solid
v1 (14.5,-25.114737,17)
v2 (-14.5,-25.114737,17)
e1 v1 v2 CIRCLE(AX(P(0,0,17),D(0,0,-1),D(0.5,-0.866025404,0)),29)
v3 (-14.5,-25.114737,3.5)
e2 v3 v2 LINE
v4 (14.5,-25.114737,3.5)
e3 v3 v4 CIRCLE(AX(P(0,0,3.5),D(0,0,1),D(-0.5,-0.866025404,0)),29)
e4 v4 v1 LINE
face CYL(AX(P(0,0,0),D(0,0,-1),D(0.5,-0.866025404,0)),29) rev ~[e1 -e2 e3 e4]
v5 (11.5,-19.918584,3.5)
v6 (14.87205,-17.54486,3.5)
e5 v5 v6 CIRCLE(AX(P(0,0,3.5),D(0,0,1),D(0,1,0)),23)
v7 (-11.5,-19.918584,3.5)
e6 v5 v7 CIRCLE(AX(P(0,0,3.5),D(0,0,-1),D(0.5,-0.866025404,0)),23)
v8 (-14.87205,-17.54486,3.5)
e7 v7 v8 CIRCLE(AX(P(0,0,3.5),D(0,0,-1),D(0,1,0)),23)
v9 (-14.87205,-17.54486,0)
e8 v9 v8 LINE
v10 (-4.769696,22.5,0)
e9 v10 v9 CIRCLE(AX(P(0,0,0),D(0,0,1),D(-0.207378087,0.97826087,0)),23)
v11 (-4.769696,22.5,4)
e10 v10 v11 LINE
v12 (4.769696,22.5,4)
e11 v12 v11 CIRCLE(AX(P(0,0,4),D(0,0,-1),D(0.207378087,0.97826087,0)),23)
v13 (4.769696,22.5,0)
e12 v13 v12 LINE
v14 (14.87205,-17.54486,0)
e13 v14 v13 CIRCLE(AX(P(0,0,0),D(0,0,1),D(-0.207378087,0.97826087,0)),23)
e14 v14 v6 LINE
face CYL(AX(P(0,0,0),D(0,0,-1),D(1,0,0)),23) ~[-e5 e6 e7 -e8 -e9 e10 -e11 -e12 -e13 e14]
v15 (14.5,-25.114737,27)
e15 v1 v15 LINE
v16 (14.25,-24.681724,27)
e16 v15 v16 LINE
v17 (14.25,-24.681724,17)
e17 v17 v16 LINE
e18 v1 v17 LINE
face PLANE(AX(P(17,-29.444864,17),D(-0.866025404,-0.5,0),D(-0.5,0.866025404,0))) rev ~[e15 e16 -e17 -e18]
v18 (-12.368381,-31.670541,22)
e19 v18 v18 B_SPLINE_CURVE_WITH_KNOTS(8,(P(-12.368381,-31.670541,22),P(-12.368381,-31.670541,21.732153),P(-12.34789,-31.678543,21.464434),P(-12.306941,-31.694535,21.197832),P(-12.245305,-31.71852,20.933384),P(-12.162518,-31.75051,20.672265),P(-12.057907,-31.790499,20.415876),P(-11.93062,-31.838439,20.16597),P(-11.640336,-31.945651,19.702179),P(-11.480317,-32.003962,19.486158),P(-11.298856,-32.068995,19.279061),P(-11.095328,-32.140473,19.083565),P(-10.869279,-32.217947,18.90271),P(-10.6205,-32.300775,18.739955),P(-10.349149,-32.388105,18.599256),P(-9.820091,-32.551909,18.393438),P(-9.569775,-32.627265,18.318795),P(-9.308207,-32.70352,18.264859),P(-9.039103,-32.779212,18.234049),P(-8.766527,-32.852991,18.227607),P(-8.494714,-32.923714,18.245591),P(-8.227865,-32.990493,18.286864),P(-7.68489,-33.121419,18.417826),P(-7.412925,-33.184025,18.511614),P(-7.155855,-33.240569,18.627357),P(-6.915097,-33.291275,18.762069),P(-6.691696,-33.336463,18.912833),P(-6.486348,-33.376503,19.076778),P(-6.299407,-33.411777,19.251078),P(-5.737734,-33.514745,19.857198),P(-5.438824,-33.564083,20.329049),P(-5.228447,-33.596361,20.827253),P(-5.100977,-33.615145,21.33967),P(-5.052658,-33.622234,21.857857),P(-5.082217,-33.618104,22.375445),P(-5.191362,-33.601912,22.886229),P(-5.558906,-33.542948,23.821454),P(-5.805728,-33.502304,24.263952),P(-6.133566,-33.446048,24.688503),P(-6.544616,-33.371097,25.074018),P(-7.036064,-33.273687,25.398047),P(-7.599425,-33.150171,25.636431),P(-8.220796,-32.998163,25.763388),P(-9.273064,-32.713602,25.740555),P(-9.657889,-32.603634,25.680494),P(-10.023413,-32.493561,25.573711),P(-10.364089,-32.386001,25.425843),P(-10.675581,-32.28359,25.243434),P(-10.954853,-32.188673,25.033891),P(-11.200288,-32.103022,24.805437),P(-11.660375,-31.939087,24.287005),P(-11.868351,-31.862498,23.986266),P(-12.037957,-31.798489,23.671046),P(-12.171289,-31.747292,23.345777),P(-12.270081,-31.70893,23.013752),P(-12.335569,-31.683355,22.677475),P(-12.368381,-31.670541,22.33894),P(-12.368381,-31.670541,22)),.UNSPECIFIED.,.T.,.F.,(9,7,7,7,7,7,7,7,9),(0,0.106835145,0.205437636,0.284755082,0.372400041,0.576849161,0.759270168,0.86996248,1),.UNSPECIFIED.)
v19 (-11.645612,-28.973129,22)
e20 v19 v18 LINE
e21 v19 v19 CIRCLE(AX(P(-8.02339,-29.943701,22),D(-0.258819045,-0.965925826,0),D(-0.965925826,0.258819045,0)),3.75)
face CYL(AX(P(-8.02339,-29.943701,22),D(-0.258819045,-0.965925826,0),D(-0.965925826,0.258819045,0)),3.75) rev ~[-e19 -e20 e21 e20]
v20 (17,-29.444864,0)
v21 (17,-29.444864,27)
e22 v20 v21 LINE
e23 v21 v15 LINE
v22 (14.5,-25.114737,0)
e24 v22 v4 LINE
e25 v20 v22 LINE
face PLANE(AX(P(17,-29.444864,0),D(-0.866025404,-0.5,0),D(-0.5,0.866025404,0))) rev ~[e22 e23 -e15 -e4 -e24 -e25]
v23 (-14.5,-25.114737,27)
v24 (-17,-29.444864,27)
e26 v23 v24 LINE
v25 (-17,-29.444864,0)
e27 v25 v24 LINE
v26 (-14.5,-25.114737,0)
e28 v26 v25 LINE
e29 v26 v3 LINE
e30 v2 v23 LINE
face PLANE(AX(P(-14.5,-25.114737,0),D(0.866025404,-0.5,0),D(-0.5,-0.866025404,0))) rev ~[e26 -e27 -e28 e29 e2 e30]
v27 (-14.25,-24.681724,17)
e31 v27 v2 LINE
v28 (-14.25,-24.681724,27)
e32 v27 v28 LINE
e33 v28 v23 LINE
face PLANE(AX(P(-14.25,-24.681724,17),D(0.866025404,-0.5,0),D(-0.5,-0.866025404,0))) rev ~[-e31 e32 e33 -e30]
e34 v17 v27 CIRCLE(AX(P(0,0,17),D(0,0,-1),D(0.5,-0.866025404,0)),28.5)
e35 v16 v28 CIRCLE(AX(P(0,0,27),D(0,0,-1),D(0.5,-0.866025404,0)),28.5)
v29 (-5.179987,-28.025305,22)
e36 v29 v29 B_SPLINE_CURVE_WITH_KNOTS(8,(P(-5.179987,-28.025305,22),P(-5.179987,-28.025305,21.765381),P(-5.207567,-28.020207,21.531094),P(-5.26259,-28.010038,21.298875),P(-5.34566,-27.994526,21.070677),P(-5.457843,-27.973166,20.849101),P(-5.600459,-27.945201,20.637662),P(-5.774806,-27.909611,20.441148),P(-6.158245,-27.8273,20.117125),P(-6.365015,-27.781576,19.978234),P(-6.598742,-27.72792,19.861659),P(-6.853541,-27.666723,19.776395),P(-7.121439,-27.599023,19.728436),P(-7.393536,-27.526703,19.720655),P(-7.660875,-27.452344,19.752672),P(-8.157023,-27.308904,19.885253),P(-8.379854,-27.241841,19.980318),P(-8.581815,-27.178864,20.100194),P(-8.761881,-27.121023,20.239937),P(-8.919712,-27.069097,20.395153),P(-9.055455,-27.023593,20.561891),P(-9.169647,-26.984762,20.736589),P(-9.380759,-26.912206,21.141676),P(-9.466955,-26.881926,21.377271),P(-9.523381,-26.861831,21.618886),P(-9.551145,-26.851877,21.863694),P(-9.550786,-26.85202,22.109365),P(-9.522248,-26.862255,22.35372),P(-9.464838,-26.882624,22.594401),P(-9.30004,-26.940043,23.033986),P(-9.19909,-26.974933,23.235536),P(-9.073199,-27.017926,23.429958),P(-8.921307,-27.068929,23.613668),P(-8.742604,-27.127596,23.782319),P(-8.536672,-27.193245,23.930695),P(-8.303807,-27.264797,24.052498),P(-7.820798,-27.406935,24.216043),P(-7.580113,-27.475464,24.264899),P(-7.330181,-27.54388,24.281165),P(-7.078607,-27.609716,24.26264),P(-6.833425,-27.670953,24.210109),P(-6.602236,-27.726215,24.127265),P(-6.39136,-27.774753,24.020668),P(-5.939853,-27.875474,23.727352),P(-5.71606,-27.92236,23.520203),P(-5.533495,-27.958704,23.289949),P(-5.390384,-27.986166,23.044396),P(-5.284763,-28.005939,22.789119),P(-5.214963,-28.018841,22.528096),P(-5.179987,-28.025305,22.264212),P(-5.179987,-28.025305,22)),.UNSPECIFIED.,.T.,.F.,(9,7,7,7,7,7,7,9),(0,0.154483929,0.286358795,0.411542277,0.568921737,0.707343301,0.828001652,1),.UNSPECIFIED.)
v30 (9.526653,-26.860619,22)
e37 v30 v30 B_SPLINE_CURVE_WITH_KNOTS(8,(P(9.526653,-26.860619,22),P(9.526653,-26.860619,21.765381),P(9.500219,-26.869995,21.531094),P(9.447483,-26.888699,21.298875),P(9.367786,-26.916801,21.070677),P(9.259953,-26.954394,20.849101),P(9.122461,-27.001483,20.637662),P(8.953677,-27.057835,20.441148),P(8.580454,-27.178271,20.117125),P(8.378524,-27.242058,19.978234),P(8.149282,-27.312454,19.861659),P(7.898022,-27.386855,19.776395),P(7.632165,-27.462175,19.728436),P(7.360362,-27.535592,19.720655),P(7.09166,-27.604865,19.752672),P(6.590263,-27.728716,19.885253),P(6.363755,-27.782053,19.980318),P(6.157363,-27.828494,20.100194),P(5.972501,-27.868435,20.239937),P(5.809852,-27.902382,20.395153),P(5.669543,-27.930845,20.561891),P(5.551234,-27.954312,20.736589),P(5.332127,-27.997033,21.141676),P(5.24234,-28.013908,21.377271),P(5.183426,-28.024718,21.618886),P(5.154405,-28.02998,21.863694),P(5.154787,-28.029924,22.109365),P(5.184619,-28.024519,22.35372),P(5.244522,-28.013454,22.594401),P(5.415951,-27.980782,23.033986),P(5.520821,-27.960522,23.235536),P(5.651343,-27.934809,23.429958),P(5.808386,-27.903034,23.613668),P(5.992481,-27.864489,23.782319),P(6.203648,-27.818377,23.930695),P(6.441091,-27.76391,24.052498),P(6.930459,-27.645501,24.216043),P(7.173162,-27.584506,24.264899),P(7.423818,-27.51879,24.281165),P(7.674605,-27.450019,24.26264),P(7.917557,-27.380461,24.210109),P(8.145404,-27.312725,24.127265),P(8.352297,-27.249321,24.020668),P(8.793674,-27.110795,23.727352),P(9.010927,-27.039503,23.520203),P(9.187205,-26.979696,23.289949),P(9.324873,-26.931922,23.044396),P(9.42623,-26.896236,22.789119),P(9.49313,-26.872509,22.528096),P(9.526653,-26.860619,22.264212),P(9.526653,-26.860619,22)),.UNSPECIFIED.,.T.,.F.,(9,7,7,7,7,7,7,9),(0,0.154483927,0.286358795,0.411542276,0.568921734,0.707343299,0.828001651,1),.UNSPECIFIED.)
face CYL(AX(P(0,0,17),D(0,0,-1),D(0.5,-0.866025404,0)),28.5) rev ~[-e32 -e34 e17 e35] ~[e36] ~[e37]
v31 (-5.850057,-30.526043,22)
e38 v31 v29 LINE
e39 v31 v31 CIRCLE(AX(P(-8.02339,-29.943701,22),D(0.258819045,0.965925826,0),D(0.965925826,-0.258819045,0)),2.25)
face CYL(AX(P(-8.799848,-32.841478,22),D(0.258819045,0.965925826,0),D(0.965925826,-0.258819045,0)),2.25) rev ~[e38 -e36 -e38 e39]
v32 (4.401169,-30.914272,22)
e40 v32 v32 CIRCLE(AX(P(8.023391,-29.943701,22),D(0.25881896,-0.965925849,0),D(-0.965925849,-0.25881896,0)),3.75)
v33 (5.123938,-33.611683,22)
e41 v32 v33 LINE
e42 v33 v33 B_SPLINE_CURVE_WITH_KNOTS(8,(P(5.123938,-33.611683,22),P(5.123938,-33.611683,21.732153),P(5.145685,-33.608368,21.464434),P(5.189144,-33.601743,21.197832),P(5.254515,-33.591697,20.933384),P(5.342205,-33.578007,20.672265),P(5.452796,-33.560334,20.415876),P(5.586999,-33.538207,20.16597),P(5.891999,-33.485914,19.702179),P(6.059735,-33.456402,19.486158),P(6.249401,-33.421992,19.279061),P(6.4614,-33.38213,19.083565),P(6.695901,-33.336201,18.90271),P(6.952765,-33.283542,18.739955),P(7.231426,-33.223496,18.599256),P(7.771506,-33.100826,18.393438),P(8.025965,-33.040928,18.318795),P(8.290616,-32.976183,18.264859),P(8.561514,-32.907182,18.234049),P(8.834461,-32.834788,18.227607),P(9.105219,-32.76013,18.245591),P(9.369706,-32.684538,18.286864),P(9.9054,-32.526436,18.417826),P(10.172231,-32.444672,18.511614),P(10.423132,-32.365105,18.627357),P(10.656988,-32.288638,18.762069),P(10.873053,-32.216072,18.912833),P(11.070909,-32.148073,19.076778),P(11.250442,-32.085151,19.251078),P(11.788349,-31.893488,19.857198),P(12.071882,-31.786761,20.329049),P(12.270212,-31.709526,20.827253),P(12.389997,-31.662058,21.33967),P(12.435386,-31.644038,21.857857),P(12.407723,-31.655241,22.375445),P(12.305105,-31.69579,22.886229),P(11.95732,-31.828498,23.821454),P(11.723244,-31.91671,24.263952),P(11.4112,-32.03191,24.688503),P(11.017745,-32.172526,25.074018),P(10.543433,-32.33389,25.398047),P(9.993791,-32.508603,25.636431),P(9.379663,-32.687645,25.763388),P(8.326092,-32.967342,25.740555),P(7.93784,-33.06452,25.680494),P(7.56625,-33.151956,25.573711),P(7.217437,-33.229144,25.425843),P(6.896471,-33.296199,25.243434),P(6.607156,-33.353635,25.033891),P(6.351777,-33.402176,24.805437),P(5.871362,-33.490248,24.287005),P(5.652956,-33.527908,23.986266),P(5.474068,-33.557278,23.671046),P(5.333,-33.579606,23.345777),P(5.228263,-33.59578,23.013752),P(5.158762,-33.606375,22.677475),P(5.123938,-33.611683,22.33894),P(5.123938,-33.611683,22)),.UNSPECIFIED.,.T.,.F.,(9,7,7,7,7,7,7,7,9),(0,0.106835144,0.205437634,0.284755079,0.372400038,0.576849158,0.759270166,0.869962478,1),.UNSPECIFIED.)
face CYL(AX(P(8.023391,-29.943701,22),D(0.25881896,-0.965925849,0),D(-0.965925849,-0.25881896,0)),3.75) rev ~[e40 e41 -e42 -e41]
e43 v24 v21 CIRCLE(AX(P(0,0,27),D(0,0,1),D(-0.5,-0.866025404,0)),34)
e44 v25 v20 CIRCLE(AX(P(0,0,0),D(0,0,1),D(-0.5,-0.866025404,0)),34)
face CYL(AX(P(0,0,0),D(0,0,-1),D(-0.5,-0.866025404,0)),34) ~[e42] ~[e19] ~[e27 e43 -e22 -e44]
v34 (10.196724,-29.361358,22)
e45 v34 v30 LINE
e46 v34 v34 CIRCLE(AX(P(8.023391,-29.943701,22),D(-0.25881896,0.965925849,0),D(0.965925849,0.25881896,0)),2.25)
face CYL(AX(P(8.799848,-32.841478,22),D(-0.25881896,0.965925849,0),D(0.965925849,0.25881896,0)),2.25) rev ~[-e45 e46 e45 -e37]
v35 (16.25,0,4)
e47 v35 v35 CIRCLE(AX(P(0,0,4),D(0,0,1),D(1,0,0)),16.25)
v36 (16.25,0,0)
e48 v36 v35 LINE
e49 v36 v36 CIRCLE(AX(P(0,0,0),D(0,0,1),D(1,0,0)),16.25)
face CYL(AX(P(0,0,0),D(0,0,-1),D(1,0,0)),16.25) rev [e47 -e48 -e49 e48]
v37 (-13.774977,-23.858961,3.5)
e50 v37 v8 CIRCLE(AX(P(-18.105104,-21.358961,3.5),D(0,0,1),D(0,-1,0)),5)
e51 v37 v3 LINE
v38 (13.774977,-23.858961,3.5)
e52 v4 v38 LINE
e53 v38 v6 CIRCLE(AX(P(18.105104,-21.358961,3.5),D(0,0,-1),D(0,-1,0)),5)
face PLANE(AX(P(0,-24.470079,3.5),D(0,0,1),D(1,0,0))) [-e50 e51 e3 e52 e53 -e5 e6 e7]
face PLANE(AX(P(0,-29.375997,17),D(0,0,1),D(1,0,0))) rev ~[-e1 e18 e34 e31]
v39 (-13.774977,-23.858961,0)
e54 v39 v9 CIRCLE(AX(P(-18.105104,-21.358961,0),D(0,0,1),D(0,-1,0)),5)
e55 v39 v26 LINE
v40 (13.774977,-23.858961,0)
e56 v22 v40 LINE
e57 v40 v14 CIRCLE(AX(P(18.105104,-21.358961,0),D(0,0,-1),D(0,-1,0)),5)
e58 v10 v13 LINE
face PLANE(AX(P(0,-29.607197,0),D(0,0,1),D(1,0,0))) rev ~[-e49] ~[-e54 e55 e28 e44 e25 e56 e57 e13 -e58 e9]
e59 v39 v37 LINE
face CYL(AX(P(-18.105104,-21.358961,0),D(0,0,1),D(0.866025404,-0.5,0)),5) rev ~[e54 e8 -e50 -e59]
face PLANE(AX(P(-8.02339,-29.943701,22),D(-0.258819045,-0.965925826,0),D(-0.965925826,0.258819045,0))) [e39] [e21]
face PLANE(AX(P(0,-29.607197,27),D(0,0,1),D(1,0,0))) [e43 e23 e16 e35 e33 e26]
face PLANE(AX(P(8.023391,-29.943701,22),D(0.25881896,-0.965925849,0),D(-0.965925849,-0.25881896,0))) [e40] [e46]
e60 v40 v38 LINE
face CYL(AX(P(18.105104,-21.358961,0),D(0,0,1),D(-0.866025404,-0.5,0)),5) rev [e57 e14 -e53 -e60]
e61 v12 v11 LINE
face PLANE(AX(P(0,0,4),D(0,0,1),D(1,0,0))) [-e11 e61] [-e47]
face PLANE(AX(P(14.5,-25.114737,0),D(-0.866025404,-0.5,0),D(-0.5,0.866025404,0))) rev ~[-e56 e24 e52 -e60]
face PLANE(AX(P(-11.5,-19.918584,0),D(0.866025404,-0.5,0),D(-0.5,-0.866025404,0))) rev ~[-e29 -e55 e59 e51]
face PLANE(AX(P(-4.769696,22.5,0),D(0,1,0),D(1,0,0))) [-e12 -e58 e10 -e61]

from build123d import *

# Parameters (mm, degrees)
SKETCH_1_R                          = 23
SKETCH_1_R_2                        = 16.25
EXTRUDE_1_DEPTH                     = 4
SKETCH_2_W                          = 9.539392014
SKETCH_2_H                          = 6.996470021
CUT_EXTRUDE_1_DEPTH                 = 14
EXTRUDE_2_DEPTH                     = 3.5
EXTRUDE_3_DEPTH                     = 27
FILLET_1_R                          = 5
EXTRUDE_START                       = -10
EXTRUDE_4_DEPTH                     = 10
HOLE_WIZARD_1_D                     = 4.5
HOLE_WIZARD_1_CBORE_D               = 7.5
HOLE_WIZARD_1_CBORE_DEPTH           = 3
HOLE_WIZARD_1_ON_FACE_2_D           = 4.5
HOLE_WIZARD_1_ON_FACE_2_CBORE_D     = 7.5
HOLE_WIZARD_1_ON_FACE_2_CBORE_DEPTH = 3


with BuildPart() as part:
    # 草图1 → 凸台-拉伸1 (new body)
    with BuildSketch(Plane.XY):
        Circle(SKETCH_1_R)
        Circle(SKETCH_1_R_2, mode=Mode.SUBTRACT)
    extrude(amount=EXTRUDE_1_DEPTH)

    # 草图2 → 切除-拉伸1 (cut)
    with BuildSketch(Plane.XY):
        with Locations((0, 25.998235011)):
            Rectangle(SKETCH_2_W, SKETCH_2_H)
    extrude(amount=CUT_EXTRUDE_1_DEPTH, mode=Mode.SUBTRACT)

    # 草图3 → 凸台-拉伸2 (add)
    with BuildSketch(Plane.XY):
        with BuildLine():
            Line((-11.5, -19.918584287), (-14.5, -25.11473671))
            ThreePointArc((-14.5, -25.11473671), (0, -29), (14.5, -25.11473671))
            Line((14.5, -25.11473671), (11.5, -19.918584287))
            ThreePointArc((11.5, -19.918584287), (0, -23), (-11.5, -19.918584287))
        make_face()
    extrude(amount=EXTRUDE_2_DEPTH)

    # 草图3<3> → 凸台-拉伸3 (add)
    with BuildSketch(Plane.XY):
        with BuildLine():
            ThreePointArc((14.5, -25.11473671), (0, -29), (-14.5, -25.11473671))
            Line((-14.5, -25.11473671), (-17, -29.444863729))
            ThreePointArc((-17, -29.444863729), (0, -34), (17, -29.444863729))
            Line((17, -29.444863729), (14.5, -25.11473671))
        make_face()
    extrude(amount=EXTRUDE_3_DEPTH)

    # 圆角1
    fillet_1_edges = [part.edges().sort_by_distance(p)[0] for p in [
        (-11.5, -19.918584287, 1.75),
        (11.5, -19.918584287, 1.75),
    ]]
    fillet(fillet_1_edges, radius=FILLET_1_R)

    # 草图4 → 凸台-拉伸4 (add)
    with BuildSketch(Plane.XY.offset(27).offset(EXTRUDE_START)):
        with BuildLine():
            ThreePointArc((-17, -29.444863729), (0, -34), (17, -29.444863729))
            Line((17, -29.444863729), (14.25, -24.681724008))
            ThreePointArc((14.25, -24.681724008), (0, -28.5), (-14.25, -24.681724008))
            Line((-14.25, -24.681724008), (-17, -29.444863729))
        make_face()
    extrude(amount=EXTRUDE_4_DEPTH)

    # 孔1 (through all)
    with Locations(Plane(origin=(-8.799847533, -32.841478094, 22), x_dir=(-0.965925826289, 0.258819045103, 0), z_dir=(-0.258819045103, -0.965925826289, 0))):
        with Locations((1e-09, 0)):
            CounterBoreHole(HOLE_WIZARD_1_D / 2, HOLE_WIZARD_1_CBORE_D / 2, HOLE_WIZARD_1_CBORE_DEPTH)

    # 孔1 on face 2 (through all)
    with Locations(Plane(origin=(8.799847533, -32.841478094, 22), x_dir=(-0.965925849201, -0.258818959594, 0), z_dir=(0.258818959594, -0.965925849201, 0))):
        with Locations((-1e-09, 0)):
            CounterBoreHole(HOLE_WIZARD_1_ON_FACE_2_D / 2, HOLE_WIZARD_1_ON_FACE_2_CBORE_D / 2, HOLE_WIZARD_1_ON_FACE_2_CBORE_DEPTH)


solid = part.part
